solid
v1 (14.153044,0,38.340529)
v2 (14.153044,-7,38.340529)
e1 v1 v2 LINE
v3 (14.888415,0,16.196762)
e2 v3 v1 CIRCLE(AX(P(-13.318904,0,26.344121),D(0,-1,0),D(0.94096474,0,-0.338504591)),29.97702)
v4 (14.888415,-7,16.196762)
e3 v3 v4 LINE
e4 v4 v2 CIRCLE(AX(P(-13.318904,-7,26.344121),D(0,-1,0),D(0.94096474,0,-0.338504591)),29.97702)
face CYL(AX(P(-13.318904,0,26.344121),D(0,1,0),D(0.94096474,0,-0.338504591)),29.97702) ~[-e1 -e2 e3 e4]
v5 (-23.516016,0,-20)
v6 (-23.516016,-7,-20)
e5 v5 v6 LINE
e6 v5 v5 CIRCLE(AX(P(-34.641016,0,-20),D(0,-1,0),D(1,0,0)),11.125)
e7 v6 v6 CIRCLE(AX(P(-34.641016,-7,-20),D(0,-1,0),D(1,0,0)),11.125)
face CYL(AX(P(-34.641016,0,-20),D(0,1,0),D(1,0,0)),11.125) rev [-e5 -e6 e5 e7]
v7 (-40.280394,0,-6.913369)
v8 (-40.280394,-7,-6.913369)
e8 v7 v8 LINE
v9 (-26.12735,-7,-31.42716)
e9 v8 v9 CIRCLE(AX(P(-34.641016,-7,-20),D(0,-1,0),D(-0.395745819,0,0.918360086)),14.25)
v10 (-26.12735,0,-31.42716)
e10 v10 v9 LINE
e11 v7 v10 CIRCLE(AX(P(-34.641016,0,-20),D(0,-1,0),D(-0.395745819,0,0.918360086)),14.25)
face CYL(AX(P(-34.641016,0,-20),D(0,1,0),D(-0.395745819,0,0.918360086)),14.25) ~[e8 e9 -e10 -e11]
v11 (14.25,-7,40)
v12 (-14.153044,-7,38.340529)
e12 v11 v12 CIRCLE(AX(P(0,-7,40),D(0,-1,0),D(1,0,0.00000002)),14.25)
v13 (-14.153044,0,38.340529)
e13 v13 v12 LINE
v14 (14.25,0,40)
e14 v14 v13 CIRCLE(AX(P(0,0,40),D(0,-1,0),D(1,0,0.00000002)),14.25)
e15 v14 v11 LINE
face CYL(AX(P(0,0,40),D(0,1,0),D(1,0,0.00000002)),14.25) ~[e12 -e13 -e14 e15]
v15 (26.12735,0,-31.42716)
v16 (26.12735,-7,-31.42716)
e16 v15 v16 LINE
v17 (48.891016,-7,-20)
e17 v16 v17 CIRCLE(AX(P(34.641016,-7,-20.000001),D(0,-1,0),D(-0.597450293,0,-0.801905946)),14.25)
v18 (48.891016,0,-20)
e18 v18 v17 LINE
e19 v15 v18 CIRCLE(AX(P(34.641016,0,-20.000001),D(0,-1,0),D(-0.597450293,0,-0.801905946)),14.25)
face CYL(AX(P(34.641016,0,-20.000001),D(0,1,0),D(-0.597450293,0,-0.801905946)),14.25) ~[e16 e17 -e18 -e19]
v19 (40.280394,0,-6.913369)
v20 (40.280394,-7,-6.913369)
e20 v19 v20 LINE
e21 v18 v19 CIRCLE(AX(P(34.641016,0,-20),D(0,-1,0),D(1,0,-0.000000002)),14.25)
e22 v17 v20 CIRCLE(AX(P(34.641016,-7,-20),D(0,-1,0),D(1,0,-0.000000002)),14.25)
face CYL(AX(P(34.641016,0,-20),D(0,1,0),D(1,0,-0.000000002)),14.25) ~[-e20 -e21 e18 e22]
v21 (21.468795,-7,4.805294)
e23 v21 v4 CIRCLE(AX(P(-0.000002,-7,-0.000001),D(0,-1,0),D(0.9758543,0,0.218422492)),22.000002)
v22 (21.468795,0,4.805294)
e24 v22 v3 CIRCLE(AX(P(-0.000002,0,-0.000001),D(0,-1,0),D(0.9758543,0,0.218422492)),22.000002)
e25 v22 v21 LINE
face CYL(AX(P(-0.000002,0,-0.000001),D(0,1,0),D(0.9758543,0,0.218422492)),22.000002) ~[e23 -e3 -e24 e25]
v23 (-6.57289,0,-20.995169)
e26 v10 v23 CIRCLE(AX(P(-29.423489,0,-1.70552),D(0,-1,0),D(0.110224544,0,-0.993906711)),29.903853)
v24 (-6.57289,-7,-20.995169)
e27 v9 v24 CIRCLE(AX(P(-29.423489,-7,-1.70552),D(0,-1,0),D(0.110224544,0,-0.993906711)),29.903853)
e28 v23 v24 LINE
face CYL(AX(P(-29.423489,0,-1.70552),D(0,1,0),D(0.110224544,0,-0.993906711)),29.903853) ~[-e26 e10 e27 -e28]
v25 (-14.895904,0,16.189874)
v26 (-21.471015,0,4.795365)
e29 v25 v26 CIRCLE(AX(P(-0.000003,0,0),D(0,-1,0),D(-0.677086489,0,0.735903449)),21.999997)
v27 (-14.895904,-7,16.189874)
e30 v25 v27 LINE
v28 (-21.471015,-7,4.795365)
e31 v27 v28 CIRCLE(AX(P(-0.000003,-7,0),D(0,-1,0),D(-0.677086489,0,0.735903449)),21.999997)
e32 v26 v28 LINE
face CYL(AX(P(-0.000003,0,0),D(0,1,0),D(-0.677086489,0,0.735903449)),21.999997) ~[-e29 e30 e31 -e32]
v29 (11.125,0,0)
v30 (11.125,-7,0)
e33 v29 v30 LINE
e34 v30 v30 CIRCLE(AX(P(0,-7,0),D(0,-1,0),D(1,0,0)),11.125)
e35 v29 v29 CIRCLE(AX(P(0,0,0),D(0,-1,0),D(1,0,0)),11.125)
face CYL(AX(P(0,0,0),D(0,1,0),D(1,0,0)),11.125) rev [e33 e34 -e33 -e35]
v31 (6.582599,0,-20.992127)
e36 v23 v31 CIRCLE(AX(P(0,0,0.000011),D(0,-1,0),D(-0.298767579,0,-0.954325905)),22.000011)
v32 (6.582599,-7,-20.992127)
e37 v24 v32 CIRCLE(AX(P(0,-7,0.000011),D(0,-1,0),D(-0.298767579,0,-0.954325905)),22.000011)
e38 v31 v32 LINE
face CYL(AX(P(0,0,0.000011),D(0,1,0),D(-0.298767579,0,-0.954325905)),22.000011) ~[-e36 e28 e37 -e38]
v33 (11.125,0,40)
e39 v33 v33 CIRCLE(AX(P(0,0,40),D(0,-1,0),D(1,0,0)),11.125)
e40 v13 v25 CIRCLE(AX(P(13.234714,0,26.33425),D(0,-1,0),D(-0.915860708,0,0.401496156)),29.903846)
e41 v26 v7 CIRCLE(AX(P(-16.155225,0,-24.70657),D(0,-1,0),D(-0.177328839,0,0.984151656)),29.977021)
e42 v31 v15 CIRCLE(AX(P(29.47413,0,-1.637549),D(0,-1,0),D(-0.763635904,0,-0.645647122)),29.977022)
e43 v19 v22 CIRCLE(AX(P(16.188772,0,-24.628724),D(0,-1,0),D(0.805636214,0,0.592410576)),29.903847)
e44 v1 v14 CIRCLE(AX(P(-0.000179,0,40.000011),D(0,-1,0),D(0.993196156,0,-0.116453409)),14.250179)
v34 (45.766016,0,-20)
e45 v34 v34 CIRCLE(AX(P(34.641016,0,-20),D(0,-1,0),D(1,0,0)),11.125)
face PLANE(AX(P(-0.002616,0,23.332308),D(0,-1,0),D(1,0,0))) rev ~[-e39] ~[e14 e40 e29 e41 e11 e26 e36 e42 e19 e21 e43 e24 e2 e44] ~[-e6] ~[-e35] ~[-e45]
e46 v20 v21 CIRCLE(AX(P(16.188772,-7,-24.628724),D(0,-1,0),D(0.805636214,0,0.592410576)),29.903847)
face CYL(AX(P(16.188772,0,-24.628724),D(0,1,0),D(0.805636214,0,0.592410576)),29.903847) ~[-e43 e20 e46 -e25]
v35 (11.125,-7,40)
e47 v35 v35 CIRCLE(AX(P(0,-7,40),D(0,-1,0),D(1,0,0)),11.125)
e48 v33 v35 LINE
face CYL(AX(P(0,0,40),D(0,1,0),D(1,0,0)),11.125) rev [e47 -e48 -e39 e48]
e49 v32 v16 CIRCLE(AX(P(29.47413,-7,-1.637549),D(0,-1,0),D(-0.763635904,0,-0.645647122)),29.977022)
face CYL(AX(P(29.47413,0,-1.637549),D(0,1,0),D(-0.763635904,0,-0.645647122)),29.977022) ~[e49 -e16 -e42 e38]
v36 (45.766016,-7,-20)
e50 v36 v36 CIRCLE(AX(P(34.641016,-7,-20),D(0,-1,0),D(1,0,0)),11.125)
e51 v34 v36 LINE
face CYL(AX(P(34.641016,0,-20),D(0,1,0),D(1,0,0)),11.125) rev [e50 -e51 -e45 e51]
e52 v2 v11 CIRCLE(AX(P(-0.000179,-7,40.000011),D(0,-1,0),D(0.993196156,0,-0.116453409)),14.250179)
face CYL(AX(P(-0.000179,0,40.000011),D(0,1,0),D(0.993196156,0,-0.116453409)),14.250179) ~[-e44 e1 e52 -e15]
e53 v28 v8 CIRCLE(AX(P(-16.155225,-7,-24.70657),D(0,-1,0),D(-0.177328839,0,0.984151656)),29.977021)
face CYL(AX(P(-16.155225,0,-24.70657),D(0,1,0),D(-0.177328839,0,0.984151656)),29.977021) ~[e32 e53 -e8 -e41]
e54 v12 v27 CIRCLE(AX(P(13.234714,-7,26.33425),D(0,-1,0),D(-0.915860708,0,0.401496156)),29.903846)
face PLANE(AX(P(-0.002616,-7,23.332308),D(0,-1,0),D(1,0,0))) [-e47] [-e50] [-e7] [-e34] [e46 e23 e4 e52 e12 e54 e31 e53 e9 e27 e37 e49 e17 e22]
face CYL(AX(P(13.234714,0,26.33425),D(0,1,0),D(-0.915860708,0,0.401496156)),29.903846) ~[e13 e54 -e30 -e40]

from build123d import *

# Parameters (mm, degrees)
F0_R     = 11.125
F1_DEPTH = 7


with BuildPart() as f1:
    # F0 (on Front) → F1 (new body)
    with BuildSketch(Plane.XZ):
        with BuildLine():
            ThreePointArc((-10.632867, 8.318182), (0, 16.5), (10.632867, 8.318182))
            ThreePointArc((10.632867, 8.318182), (13.056476, 12.097679), (14.888415, 16.196762))
            ThreePointArc((14.888415, 16.196762), (16.6416, 27.339077), (14.153044, 38.340529))
            ThreePointArc((14.153044, 38.340529), (0, 25.75), (-14.153044, 38.340529))
            ThreePointArc((-14.153044, 38.340529), (-16.65233, 27.336563), (-14.895904, 16.189874))
            ThreePointArc((-14.895904, 16.189874), (-13.06061, 12.093603), (-10.632867, 8.318182))
        make_face()
        with BuildLine():
            ThreePointArc((-12.52019, 5.049242), (-11.691343, 6.75), (-10.632867, 8.318182))
            ThreePointArc((-10.632867, 8.318182), (-13.06061, 12.093603), (-14.895904, 16.189874))
            ThreePointArc((-14.895904, 16.189874), (-19.055102, 10.995594), (-21.471015, 4.795365))
            ThreePointArc((-21.471015, 4.795365), (-17.005135, 5.2584), (-12.52019, 5.049242))
        make_face()
        with BuildLine():
            ThreePointArc((-6.57289, -20.995169), (-3.943063, -17.357621), (-1.887323, -13.367423))
            ThreePointArc((-1.887323, -13.367423), (-14.289419, -8.25), (-12.52019, 5.049242))
            ThreePointArc((-12.52019, 5.049242), (-17.005135, 5.2584), (-21.471015, 4.795365))
            ThreePointArc((-21.471015, 4.795365), (-31.997135, 0.74251), (-40.280394, -6.913369))
            ThreePointArc((-40.280394, -6.913369), (-26.808348, -8.095723), (-20.391016, -20))
            ThreePointArc((-20.391016, -20), (-21.905588, -26.393073), (-26.12735, -31.42716))
            ThreePointArc((-26.12735, -31.42716), (-15.347993, -28.089622), (-6.57289, -20.995169))
        make_face()
        with BuildLine():
            ThreePointArc((6.582599, -20.992127), (3.948659, -17.356079), (1.887323, -13.367423))
            ThreePointArc((1.887323, -13.367423), (0, -13.5), (-1.887323, -13.367423))
            ThreePointArc((-1.887323, -13.367423), (-3.943063, -17.357621), (-6.57289, -20.995169))
            ThreePointArc((-6.57289, -20.995169), (0.005087, -21.999999), (6.582599, -20.992127))
        make_face()
        with BuildLine():
            ThreePointArc((21.468795, 4.805294), (17.003672, 5.264018), (12.52019, 5.049242))
            ThreePointArc((12.52019, 5.049242), (14.289419, -8.25), (1.887323, -13.367423))
            ThreePointArc((1.887323, -13.367423), (3.948659, -17.356079), (6.582599, -20.992127))
            ThreePointArc((6.582599, -20.992127), (15.355535, -28.081587), (26.12735, -31.42716))
            ThreePointArc((26.12735, -31.42716), (22.300154, -12.875), (40.280394, -6.913369))
            ThreePointArc((40.280394, -6.913369), (32.000323, 0.753059), (21.468795, 4.805294))
        make_face()
        with BuildLine():
            ThreePointArc((12.52019, 5.049242), (13.252784, 2.571715), (13.5, 0))
            ThreePointArc((13.5, 0), (10.19139, -8.853562), (1.887323, -13.367423))
            ThreePointArc((1.887323, -13.367423), (14.289419, -8.25), (12.52019, 5.049242))
        make_face()
        with BuildLine():
            ThreePointArc((1.887323, -13.367423), (10.19139, -8.853562), (13.5, 0))
            ThreePointArc((13.5, 0), (13.252784, 2.571715), (12.52019, 5.049242))
            ThreePointArc((12.52019, 5.049242), (11.691343, 6.75), (10.632867, 8.318182))
            ThreePointArc((10.632867, 8.318182), (0, 13.5), (-10.632867, 8.318182))
            ThreePointArc((-10.632867, 8.318182), (-11.691343, 6.75), (-12.52019, 5.049242))
            ThreePointArc((-12.52019, 5.049242), (-11.691343, -6.75), (-1.887323, -13.367423))
            ThreePointArc((-1.887323, -13.367423), (0, -13.5), (1.887323, -13.367423))
        make_face()
        Circle(F0_R, mode=Mode.SUBTRACT)
        with BuildLine():
            ThreePointArc((-12.52019, 5.049242), (-14.289419, -8.25), (-1.887323, -13.367423))
            ThreePointArc((-1.887323, -13.367423), (-11.691343, -6.75), (-12.52019, 5.049242))
        make_face()
        with BuildLine():
            ThreePointArc((-10.632867, 8.318182), (0, 13.5), (10.632867, 8.318182))
            ThreePointArc((10.632867, 8.318182), (0, 16.5), (-10.632867, 8.318182))
        make_face()
        with BuildLine():
            ThreePointArc((-14.153044, 38.340529), (0, 25.75), (14.153044, 38.340529))
            ThreePointArc((14.153044, 38.340529), (14.22574, 39.168849), (14.25, 40))
            ThreePointArc((14.25, 40), (-0.831151, 54.22574), (-14.153044, 38.340529))
        make_face()
        with Locations((0, 40)):
            Circle(F0_R, mode=Mode.SUBTRACT)
        with BuildLine():
            ThreePointArc((10.632867, 8.318182), (11.691343, 6.75), (12.52019, 5.049242))
            ThreePointArc((12.52019, 5.049242), (17.003672, 5.264018), (21.468795, 4.805294))
            ThreePointArc((21.468795, 4.805294), (19.050015, 11.004405), (14.888415, 16.196762))
            ThreePointArc((14.888415, 16.196762), (13.056476, 12.097679), (10.632867, 8.318182))
        make_face()
        with BuildLine():
            ThreePointArc((48.891016, -20), (46.545293, -12.167332), (40.280394, -6.913369))
            ThreePointArc((40.280394, -6.913369), (22.300154, -12.875), (26.12735, -31.42716))
            ThreePointArc((26.12735, -31.42716), (41.034089, -32.735428), (48.891016, -20))
        make_face()
        with Locations((34.641016, -20)):
            Circle(F0_R, mode=Mode.SUBTRACT)
        with BuildLine():
            ThreePointArc((-40.280394, -6.913369), (-46.981878, -27.125), (-26.12735, -31.42716))
            ThreePointArc((-26.12735, -31.42716), (-21.905588, -26.393073), (-20.391016, -20))
            ThreePointArc((-20.391016, -20), (-26.808348, -8.095723), (-40.280394, -6.913369))
        make_face()
        with Locations((-34.641016, -20)):
            Circle(F0_R, mode=Mode.SUBTRACT)
    extrude(amount=F1_DEPTH)


solid = f1.part
